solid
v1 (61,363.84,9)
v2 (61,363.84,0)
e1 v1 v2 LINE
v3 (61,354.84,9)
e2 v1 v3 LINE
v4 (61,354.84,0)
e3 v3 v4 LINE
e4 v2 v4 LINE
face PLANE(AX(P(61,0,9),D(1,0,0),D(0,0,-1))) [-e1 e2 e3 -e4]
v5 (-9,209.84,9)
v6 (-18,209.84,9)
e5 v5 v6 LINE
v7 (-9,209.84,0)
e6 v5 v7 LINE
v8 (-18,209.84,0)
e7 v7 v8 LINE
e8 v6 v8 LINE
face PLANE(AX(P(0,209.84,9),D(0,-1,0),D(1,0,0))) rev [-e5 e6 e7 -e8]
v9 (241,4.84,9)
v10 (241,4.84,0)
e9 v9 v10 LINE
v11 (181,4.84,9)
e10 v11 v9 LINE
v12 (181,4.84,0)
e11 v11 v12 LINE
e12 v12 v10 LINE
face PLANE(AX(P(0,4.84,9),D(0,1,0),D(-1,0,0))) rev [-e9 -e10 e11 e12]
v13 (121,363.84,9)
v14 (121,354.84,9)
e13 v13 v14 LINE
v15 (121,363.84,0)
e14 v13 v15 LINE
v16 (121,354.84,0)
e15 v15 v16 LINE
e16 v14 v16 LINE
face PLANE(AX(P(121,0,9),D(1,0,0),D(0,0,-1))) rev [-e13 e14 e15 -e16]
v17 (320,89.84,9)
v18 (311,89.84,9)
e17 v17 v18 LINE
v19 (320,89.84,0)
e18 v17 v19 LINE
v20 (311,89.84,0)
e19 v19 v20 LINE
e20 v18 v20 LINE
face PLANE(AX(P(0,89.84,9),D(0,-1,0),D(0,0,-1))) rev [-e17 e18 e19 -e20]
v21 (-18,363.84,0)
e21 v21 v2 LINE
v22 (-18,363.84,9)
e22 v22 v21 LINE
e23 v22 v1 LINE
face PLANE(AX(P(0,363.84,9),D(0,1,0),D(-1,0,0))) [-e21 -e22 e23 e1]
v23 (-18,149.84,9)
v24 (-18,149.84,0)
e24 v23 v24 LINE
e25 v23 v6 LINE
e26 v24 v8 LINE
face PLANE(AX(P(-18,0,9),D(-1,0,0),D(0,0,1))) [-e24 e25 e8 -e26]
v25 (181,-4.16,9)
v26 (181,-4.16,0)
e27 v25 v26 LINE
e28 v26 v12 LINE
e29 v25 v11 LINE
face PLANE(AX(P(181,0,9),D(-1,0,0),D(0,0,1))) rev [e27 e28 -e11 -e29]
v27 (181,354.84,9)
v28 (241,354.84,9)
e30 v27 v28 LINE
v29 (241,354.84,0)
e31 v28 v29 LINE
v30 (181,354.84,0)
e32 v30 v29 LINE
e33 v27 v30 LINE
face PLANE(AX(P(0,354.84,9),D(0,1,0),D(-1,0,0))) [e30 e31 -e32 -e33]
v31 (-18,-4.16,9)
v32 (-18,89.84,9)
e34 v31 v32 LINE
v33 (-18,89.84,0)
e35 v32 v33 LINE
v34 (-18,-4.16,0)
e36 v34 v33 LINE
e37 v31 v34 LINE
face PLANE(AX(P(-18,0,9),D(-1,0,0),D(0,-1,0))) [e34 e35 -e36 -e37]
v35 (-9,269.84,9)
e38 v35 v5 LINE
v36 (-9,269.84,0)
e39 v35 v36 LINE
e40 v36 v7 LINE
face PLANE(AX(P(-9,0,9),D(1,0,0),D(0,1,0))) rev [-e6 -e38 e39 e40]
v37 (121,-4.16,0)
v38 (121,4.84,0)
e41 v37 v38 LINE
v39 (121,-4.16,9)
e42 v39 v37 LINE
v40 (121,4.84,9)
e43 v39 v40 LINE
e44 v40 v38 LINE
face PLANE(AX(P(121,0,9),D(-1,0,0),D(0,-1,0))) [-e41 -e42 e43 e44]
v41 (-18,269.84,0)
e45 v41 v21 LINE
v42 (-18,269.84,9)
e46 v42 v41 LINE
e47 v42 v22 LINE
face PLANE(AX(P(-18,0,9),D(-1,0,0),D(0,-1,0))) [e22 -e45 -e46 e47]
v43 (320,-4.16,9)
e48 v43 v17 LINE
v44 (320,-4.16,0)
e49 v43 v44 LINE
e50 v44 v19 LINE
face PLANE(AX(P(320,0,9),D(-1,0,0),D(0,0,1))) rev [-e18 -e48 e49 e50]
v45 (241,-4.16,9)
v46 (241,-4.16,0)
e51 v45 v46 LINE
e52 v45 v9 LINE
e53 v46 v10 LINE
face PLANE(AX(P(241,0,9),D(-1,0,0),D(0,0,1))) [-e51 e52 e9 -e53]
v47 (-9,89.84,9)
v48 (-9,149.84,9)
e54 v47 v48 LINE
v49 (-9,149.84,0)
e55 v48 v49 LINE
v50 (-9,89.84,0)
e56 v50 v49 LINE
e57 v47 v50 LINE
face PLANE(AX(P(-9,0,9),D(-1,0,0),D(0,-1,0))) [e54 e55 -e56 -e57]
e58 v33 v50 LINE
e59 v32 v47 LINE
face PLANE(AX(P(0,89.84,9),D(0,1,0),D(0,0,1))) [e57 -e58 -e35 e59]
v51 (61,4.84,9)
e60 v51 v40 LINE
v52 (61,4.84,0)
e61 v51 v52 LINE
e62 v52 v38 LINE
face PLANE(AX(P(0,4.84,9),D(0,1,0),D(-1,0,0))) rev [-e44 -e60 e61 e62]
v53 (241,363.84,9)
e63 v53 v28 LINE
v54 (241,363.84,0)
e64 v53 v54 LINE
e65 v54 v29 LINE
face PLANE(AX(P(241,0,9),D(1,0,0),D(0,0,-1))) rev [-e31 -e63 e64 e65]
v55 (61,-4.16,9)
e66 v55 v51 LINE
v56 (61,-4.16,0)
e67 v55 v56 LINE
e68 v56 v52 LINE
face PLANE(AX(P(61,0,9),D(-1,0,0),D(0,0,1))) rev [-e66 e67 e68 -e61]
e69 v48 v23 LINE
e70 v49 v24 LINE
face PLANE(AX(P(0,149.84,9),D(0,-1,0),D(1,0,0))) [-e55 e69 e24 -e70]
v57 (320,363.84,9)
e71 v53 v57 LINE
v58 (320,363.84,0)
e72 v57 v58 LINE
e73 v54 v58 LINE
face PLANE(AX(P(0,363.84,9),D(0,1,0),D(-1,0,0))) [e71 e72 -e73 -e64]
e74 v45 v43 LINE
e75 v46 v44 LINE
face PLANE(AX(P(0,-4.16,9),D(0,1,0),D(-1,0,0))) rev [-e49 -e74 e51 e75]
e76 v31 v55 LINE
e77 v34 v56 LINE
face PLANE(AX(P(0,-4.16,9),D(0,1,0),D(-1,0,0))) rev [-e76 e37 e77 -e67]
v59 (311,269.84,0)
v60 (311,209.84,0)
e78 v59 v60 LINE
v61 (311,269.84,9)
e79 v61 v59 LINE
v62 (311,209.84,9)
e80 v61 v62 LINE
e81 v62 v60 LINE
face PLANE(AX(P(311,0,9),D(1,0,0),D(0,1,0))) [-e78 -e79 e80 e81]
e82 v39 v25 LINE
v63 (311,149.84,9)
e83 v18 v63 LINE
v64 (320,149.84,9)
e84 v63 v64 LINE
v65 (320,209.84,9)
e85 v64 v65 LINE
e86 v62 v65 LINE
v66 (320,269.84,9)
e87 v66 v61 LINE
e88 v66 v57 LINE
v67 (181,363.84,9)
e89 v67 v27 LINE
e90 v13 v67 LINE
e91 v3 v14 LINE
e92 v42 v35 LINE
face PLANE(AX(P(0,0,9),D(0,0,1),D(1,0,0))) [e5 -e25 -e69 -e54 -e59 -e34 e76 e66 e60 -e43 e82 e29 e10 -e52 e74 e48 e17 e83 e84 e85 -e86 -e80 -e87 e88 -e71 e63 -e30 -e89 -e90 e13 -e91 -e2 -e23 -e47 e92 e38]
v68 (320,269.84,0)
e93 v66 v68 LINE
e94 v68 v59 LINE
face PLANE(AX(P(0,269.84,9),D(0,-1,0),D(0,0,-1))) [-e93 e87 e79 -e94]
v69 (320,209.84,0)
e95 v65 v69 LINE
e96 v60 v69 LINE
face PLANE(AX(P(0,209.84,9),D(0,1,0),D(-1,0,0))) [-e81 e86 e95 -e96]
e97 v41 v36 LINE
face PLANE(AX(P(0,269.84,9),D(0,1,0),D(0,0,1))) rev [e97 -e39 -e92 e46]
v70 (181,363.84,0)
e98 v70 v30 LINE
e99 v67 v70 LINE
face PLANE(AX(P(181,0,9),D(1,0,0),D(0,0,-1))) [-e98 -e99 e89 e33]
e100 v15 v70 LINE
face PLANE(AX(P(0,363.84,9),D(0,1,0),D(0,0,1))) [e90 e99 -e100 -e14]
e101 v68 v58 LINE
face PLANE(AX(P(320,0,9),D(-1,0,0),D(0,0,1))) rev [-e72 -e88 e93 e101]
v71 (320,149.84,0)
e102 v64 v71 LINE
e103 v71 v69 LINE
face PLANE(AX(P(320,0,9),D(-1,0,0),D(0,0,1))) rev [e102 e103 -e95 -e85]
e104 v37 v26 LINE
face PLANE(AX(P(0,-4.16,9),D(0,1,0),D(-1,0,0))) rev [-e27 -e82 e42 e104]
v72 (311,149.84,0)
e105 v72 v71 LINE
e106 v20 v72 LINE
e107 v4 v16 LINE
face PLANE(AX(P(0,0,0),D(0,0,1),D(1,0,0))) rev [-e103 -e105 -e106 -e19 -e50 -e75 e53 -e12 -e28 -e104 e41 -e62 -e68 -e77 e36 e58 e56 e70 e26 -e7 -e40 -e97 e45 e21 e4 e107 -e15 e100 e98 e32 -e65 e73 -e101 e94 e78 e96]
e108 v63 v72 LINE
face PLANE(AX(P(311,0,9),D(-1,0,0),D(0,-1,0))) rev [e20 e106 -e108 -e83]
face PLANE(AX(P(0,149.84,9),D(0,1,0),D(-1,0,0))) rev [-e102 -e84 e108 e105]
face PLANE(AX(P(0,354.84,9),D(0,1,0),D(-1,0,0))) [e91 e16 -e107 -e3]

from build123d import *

# Parameters (mm, degrees)
BOSS_EXTRUDE1_DEPTH = 9


with BuildPart() as part:
    # Sketch1 → Boss-Extrude1 (new body)
    with BuildSketch(Plane.XY):
        Polygon((320, 269.84), (311, 269.84), (311, 209.84), (320, 209.84), (320, 149.84), (311, 149.84), (311, 89.84), (320, 89.84), (320, -4.16), (311, -4.16), (241, -4.16), (241, 4.84), (181, 4.84), (181, -4.16), (121, -4.16), (121, 4.84), (61, 4.84), (61, -4.16), (-9, -4.16), (-18, -4.16), (-18, 89.84), (-9, 89.84), (-9, 149.84), (-18, 149.84), (-18, 209.84), (-9, 209.84), (-9, 269.84), (-18, 269.84), (-18, 363.84), (-9, 363.84), (61, 363.84), (61, 354.84), (121, 354.84), (121, 363.84), (181, 363.84), (181, 354.84), (241, 354.84), (241, 363.84), (311, 363.84), (320, 363.84), align=None)
    extrude(amount=BOSS_EXTRUDE1_DEPTH)


solid = part.part
